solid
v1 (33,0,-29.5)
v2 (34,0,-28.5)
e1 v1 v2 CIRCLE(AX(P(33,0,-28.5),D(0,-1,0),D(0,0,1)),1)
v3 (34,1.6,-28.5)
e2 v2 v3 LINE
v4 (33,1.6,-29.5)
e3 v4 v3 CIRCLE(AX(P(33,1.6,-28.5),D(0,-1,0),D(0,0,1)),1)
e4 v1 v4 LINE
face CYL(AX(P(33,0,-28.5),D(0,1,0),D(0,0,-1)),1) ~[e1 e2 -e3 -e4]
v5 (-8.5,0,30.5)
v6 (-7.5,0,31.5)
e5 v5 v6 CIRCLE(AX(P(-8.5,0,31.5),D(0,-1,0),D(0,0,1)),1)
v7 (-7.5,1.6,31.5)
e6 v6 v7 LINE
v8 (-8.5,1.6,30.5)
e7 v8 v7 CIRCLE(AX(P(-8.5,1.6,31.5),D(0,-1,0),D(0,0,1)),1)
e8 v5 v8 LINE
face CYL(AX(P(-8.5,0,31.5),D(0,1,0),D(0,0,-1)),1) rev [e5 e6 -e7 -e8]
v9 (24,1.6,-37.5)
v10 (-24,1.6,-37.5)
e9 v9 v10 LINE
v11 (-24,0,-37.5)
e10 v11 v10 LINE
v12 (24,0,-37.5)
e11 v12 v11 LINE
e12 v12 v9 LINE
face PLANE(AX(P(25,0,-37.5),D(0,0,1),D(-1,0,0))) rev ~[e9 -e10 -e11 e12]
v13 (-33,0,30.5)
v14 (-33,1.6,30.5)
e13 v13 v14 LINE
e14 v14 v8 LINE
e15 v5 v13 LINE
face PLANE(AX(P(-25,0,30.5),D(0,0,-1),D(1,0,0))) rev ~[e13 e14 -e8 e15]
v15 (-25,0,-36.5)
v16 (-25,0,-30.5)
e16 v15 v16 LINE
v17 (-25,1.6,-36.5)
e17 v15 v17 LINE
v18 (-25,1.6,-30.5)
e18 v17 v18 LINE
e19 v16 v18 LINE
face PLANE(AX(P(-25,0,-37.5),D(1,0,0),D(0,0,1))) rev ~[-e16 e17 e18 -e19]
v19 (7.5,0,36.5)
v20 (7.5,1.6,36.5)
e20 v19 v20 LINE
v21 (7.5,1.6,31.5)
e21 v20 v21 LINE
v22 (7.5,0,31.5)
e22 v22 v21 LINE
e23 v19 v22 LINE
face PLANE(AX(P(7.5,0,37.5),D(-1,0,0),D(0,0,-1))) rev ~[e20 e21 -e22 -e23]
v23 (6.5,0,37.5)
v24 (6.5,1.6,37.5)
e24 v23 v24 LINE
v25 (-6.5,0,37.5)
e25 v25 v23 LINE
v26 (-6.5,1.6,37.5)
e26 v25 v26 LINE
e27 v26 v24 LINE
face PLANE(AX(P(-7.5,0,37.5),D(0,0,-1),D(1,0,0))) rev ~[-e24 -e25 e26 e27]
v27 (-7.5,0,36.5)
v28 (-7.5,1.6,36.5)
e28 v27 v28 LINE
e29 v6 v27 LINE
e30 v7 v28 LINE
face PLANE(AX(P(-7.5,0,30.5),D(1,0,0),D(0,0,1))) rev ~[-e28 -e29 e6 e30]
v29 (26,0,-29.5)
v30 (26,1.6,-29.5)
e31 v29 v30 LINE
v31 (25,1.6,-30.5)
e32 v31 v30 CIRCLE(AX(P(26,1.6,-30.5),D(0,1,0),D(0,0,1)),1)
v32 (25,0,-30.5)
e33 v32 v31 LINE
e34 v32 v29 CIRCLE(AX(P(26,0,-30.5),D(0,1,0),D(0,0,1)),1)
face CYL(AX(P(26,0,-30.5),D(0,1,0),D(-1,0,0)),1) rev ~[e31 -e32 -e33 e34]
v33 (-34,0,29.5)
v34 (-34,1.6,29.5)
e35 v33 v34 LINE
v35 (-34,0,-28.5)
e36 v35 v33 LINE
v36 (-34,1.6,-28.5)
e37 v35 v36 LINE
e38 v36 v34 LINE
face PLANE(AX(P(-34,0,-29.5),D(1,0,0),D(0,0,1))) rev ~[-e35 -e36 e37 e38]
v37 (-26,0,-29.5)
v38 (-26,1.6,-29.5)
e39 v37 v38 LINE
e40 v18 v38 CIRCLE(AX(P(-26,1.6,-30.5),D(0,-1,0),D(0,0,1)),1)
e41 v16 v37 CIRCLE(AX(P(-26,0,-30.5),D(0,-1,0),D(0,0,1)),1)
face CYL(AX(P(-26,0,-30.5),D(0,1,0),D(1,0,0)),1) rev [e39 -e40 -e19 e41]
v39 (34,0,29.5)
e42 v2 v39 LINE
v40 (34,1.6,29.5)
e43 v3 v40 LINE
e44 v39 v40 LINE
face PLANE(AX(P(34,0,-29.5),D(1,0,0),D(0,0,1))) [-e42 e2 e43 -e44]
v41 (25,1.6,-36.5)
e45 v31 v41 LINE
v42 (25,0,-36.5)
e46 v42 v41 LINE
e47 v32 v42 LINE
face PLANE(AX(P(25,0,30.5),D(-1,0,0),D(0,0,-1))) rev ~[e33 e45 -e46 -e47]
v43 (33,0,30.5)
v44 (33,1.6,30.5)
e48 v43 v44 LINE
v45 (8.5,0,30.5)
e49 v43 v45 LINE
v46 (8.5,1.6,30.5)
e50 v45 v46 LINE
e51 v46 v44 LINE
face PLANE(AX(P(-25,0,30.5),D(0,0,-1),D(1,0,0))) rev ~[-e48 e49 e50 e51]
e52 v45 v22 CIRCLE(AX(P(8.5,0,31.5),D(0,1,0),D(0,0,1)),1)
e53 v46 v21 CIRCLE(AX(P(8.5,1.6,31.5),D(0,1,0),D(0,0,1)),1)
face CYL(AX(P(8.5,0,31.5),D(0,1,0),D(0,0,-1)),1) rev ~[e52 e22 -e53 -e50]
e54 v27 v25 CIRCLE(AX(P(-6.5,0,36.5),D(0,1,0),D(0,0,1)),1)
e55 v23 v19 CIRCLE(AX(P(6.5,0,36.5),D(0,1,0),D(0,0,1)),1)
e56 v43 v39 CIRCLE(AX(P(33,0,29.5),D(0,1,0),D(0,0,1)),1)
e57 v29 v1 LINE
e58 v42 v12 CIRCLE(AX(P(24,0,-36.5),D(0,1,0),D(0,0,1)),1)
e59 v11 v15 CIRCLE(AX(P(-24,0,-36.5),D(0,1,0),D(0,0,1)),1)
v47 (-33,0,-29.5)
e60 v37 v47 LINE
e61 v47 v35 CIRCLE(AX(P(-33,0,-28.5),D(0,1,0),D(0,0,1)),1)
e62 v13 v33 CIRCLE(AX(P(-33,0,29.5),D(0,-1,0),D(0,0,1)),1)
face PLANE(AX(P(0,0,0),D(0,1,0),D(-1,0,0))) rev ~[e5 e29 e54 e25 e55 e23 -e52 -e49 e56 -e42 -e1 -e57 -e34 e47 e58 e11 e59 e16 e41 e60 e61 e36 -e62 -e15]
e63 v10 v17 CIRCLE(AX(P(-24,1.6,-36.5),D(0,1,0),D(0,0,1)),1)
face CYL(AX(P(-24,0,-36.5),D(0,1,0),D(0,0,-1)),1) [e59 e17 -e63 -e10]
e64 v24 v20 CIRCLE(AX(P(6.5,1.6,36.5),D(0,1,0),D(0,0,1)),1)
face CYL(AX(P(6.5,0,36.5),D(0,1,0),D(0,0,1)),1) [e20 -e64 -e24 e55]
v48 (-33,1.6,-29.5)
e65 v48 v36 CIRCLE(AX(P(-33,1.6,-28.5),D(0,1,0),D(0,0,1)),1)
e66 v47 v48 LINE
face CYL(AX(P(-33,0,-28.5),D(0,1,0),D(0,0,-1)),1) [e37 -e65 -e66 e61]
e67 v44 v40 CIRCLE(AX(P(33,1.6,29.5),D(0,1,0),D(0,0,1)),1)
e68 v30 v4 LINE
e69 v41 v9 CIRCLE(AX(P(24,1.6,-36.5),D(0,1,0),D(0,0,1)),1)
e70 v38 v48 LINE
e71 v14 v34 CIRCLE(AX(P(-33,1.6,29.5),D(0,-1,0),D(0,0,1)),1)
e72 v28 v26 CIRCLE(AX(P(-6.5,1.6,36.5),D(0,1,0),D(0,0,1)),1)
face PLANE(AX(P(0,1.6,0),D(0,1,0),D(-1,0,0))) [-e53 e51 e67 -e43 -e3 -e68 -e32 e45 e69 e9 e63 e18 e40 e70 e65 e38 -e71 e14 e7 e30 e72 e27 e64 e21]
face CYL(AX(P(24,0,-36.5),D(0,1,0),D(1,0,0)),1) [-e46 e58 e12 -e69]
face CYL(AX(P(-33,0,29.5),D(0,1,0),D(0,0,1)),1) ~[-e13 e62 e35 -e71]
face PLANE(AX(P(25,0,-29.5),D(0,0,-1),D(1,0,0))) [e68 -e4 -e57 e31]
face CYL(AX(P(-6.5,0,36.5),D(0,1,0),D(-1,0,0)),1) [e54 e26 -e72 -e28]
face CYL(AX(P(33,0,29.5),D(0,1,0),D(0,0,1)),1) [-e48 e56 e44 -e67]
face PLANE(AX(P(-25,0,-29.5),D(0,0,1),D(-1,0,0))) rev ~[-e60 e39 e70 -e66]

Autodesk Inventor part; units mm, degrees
ref_plane "YZ Plane" through (0, 0, 0) normal (1, 0, 0) x (0, 1, 0)
ref_plane "XZ Plane" through (0, 0, 0) normal (0, 1, 0) x (-1, 0, 0)
ref_plane "XY Plane" through (0, 0, 0) normal (0, 0, 1) x (1, 0, 0)
sketch "Sketch1" plane through (0, 0, 0) normal (0, 1, 0) x (-1, 0, 0)
  line L0 (-25, -37.5) -> (25, -37.5)
  line L1 (25, -37.5) -> (25, 30.5)
  line L2 (25, 30.5) -> (-25, 30.5)
  line L3 (-25, 30.5) -> (-25, -37.5)
  line L4 (-25, -37.5) -> (25, 30.5) construction
  line L5 (25, -37.5) -> (-25, 30.5) construction
  point P0 (0, -3.5)
  point P1 (0, -3.5)
  point P2 (0, -3.5)
  dimension "d2" = 1.6
  dimension "d0" = 68
  dimension "d1" = 50
extrude "Extrusion1" add sketch "Sketch1" along normal blind 1.6
sketch "Sketch2" plane through (0, 0, 0) normal (0, -1, 0) x (1, 0, 0)
  line L0 (25, 30.5) -> (25, -37.5) projected
  line L1 (25, -29.5) -> (34, -29.5)
  line L2 (34, -29.5) -> (34, 30.5)
  line L3 (34, 30.5) -> (25, 30.5)
  line L4 (25, 30.5) -> (25, -29.5)
  line L5 (-25, -37.5) -> (-25, 30.5) projected
  line L6 (-25, -29.5) -> (-34, -29.5)
  line L7 (-34, -29.5) -> (-34, 30.5)
  line L8 (-34, 30.5) -> (-25, 30.5)
  line L9 (-25, 30.5) -> (-25, -29.5)
  line L10 (25, -37.5) -> (-25, -37.5) projected
  line L11 (-7.5, 37.5) -> (7.5, 37.5)
  line L12 (7.5, 37.5) -> (7.5, 30.5)
  line L13 (7.5, 30.5) -> (-7.5, 30.5)
  line L14 (-7.5, 30.5) -> (-7.5, 37.5)
  line L15 (-7.5, 37.5) -> (7.5, 30.5) construction
  line L16 (7.5, 37.5) -> (-7.5, 30.5) construction
  line L17 (-25, 30.5) -> (25, 30.5) projected
  point P0 (0, 0)
  point P1 (25, 28.5)
  point P2 (25, -35.5)
  point P3 (-25, -35.5)
  point P4 (-25, 28.5)
  point P5 (-23, 30.5)
  point P6 (23, 30.5)
  point P7 (23, -37.5)
  point P8 (-23, -37.5)
  point P9 (25, 23.5)
  point P10 (-25, 23.5)
  point P11 (25, 28.5)
  point P12 (-25, 28.5)
  point P13 (0, 34)
  point P14 (0, 34)
  point P15 (0, 30.5)
  dimension "d5" = 9
  dimension "d6" = 9
  dimension "d8" = 8
  dimension "d12" = 15
  dimension "d13" = 7
extrude "Extrusion2" add sketch "Sketch2" against normal up to surface (1.6 mm away) contours L3 L2 L1 L0 | L13 L14 L11 L12 | L5 L6 L7 L8
fillet "Fillet2" radius 1 12 edges at (-34, 0.8, 30.5) (-25, 0.8, -29.5) (-34, 0.8, -29.5) (25, 0.8, -29.5) (34, 0.8, -29.5) (34, 0.8, 30.5) (25, 0.8, -37.5) (-25, 0.8, -37.5) (7.5, 0.8, 30.5) (7.5, 0.8, 37.5) (-7.5, 0.8, 37.5) (-7.5, 0.8, 30.5)
properties part number "MainBoard"
